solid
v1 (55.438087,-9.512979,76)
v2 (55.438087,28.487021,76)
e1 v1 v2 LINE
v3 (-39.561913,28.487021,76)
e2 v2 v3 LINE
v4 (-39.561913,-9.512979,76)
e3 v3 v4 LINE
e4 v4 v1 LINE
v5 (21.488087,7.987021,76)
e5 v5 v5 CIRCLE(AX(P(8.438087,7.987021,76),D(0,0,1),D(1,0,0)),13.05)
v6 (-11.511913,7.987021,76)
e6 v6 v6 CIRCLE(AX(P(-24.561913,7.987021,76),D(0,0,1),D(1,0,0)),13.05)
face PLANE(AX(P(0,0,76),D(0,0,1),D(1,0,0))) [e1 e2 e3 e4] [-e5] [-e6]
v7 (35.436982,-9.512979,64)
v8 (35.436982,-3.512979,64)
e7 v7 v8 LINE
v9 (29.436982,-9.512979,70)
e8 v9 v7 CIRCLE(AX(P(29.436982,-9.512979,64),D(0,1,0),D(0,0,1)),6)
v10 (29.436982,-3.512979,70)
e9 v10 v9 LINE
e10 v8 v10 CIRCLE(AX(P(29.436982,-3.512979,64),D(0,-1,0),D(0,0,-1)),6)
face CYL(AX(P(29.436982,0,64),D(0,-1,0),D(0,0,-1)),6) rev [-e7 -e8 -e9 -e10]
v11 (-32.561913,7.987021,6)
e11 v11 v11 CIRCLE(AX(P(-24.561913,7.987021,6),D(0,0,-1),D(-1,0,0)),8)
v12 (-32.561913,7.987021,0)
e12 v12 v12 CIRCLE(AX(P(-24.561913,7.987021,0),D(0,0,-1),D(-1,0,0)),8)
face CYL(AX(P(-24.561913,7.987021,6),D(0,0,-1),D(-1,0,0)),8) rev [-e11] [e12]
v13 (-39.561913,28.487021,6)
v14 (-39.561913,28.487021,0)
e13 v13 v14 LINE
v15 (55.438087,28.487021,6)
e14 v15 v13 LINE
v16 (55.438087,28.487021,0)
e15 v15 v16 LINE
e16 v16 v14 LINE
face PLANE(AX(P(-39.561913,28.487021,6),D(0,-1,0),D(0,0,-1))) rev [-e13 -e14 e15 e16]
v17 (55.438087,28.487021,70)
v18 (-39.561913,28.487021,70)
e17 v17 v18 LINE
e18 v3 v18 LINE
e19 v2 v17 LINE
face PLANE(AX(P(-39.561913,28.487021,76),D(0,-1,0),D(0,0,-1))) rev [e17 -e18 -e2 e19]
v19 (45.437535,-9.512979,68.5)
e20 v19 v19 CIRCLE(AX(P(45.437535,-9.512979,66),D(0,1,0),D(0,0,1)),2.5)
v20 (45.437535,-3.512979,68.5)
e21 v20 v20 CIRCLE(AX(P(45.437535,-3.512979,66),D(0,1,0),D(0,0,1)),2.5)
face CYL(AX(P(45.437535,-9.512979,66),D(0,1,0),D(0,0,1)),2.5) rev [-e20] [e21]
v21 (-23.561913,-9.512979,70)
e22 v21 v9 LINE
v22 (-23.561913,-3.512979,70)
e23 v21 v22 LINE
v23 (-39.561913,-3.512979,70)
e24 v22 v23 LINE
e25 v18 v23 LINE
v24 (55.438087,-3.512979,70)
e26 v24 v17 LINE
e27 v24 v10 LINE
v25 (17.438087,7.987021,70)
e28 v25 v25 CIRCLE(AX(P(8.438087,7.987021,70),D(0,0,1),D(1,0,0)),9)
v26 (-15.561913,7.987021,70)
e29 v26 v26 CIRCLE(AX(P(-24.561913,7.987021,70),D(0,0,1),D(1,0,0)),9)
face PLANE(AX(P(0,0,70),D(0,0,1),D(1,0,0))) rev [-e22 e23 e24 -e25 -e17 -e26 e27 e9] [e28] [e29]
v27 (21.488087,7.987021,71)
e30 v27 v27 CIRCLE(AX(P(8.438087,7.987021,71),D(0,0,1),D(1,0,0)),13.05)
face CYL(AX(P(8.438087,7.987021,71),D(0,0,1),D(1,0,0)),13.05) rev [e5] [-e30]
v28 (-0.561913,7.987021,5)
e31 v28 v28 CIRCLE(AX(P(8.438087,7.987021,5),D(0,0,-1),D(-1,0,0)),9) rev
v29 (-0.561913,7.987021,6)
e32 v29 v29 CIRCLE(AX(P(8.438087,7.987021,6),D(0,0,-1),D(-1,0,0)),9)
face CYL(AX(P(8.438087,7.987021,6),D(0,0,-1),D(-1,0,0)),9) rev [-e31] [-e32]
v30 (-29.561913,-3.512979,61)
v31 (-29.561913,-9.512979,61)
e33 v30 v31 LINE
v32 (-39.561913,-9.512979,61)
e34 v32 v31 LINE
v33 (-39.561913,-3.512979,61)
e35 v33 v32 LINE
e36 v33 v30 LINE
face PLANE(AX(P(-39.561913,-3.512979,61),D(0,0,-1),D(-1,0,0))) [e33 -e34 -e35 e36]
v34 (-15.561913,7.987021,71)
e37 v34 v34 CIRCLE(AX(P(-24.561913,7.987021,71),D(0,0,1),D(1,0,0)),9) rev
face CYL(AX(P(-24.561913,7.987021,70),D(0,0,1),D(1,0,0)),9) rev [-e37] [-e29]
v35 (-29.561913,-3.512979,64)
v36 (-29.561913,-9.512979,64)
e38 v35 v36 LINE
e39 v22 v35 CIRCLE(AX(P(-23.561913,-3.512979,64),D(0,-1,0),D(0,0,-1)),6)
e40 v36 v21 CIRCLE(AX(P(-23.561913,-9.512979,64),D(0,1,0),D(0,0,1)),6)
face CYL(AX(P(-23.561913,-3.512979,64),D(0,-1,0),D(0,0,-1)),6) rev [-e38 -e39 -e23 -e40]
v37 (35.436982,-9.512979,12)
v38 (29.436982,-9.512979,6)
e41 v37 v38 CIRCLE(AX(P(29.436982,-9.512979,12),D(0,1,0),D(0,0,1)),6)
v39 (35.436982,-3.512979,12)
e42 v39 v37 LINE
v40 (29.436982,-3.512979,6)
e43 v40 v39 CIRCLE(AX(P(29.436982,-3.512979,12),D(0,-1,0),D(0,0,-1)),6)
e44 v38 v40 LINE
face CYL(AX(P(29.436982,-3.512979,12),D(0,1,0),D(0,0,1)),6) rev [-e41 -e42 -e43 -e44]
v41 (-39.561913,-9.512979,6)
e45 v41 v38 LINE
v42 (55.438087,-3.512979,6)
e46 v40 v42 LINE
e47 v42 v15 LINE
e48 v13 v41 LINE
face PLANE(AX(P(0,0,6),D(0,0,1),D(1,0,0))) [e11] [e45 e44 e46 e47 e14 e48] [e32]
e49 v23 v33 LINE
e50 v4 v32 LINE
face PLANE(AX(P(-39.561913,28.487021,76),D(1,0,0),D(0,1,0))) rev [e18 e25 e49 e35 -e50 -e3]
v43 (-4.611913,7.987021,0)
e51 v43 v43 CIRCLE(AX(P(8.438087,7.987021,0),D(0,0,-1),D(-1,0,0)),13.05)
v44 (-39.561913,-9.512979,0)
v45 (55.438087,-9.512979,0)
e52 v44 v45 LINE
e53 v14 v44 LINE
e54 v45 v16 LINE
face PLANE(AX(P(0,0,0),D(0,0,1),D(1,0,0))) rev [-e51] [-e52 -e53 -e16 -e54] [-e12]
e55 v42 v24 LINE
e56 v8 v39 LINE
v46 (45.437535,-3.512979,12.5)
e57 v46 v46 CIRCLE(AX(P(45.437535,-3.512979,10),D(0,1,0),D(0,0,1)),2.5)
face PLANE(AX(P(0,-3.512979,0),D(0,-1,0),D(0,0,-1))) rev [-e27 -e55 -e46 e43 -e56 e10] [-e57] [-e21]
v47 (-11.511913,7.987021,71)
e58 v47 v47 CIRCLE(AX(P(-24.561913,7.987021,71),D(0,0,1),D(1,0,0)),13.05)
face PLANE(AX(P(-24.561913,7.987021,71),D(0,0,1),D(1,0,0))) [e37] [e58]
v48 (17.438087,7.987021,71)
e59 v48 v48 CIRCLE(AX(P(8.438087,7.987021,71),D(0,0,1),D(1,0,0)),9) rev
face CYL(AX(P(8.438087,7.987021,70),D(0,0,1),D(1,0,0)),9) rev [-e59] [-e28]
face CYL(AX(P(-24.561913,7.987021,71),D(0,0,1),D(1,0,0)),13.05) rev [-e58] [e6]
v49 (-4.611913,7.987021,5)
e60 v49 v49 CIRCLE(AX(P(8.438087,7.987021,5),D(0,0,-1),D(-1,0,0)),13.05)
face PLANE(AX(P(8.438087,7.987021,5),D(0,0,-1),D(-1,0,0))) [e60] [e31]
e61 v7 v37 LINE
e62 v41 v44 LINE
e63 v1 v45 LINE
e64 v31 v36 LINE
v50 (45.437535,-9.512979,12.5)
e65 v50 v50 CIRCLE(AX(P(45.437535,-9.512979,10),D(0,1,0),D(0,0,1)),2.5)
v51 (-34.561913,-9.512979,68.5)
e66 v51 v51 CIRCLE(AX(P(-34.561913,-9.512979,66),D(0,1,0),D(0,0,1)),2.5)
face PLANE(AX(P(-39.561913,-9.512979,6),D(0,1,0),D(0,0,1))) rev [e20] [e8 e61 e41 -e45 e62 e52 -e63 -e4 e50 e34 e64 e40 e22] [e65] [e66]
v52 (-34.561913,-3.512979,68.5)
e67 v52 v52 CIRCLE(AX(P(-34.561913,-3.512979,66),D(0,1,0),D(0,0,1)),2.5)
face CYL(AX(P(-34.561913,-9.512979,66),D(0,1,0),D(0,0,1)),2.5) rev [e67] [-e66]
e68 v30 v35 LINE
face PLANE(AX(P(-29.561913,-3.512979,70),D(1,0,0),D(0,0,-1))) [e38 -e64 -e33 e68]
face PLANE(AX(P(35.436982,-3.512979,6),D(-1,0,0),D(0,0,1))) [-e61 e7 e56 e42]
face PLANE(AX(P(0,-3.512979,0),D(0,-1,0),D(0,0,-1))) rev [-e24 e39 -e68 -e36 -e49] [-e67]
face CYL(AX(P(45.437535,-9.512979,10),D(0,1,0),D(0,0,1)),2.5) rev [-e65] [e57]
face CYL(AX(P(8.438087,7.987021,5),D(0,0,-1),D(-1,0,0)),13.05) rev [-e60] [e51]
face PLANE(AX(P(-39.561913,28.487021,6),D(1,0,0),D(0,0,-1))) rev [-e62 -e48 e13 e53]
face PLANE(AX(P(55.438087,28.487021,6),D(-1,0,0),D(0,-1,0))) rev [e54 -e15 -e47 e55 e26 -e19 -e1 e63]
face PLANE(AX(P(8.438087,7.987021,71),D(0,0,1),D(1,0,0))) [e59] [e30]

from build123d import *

# Parameters (mm, degrees)
SKETCH1_W           = 95
SKETCH1_H           = 38
BOSS_EXTRUDE1_DEPTH = 6
SKETCH2_W           = 95
SKETCH2_H           = 38
BOSS_EXTRUDE2_DEPTH = 6
SKETCH11_W          = 20.001105266
SKETCH11_H          = 64
BOSS_EXTRUDE5_DEPTH = 6
SKETCH13_W          = 10
SKETCH13_H          = 9
BOSS_EXTRUDE7_DEPTH = 6
SKETCH16_R          = 9
CUT_EXTRUDE2_DEPTH  = 6
SKETCH20_R          = 13.05
CUT_EXTRUDE3_DEPTH  = 5
CUT_EXTRUDE4_START  = -6
SKETCH21_R          = 8
SKETCH21_R_2        = 9
CUT_EXTRUDE4_DEPTH  = 6
CUT_EXTRUDE5_START  = -5
SKETCH22_R          = 13.05
CUT_EXTRUDE5_DEPTH  = 5
SKETCH25_R          = 2.5
CUT_EXTRUDE6_DEPTH  = 6
FILLET2_R           = 6


with BuildPart() as part:
    # Sketch1 → Boss-Extrude1 (new body)
    with BuildSketch(Plane.XY):
        with Locations((7.938087136, 9.487020953)):
            Rectangle(SKETCH1_W, SKETCH1_H)
    extrude(amount=BOSS_EXTRUDE1_DEPTH)



with BuildPart() as body_2:
    # Sketch2 → Boss-Extrude2 (new body)
    with BuildSketch(Plane.XY.offset(70)):
        with Locations((7.938087136, 9.487020953)):
            Rectangle(SKETCH2_W, SKETCH2_H)
    extrude(amount=BOSS_EXTRUDE2_DEPTH)


with BuildPart() as part_1:
    add(part.part)

    add(body_2.part)  # Boss-Extrude5 merges body 2
    # Sketch11 → Boss-Extrude5 (add)
    with BuildSketch(Plane(origin=(0, -9.512979047, 0), x_dir=(-1, 0, 0), z_dir=(0, -1, 0))):
        with Locations((-45.437534503, -38)):
            Rectangle(SKETCH11_W, SKETCH11_H)
    extrude(amount=-BOSS_EXTRUDE5_DEPTH)

    # Sketch13 → Boss-Extrude7 (add)
    with BuildSketch(Plane(origin=(0, -9.512979047, 0), x_dir=(-1, 0, 0), z_dir=(0, -1, 0))):
        with Locations((34.561912864, -65.5)):
            Rectangle(SKETCH13_W, SKETCH13_H)
    extrude(amount=-BOSS_EXTRUDE7_DEPTH)

    # Sketch16 → Cut-Extrude2 (cut)
    with BuildSketch(Plane.XY.offset(76)):
        with Locations((-24.561912864, 7.987020953)):
            Circle(SKETCH16_R)
        with Locations((8.438087136, 7.987020953)):
            Circle(SKETCH16_R)
    extrude(amount=-CUT_EXTRUDE2_DEPTH, mode=Mode.SUBTRACT)

    # Sketch20 → Cut-Extrude3 (cut)
    with BuildSketch(Plane.XY.offset(76)):
        with Locations((-24.561912864, 7.987020953)):
            Circle(SKETCH20_R)
        with Locations((8.438087136, 7.987020953)):
            Circle(SKETCH20_R)
    extrude(amount=-CUT_EXTRUDE3_DEPTH, mode=Mode.SUBTRACT)

    # Sketch21 → Cut-Extrude4 (cut)
    with BuildSketch(Plane(origin=(0, 0, 0), x_dir=(-1, 0, 0), z_dir=(0, 0, -1)).offset(CUT_EXTRUDE4_START)):
        with Locations((24.561912864, 7.987020953)):
            Circle(SKETCH21_R)
        with Locations(Location((-8.438087136, 7.987020953, 0), (0, 0, 180))):
            Circle(SKETCH21_R_2)
    extrude(amount=CUT_EXTRUDE4_DEPTH, mode=Mode.SUBTRACT)

    # Sketch22 → Cut-Extrude5 (cut)
    with BuildSketch(Plane(origin=(0, 0, 0), x_dir=(-1, 0, 0), z_dir=(0, 0, -1)).offset(CUT_EXTRUDE5_START)):
        with Locations(Location((-8.438087136, 7.987020953, 0), (0, 0, 180))):
            Circle(SKETCH22_R)
    extrude(amount=CUT_EXTRUDE5_DEPTH, mode=Mode.SUBTRACT)

    # Sketch25 → Cut-Extrude6 (cut)
    with BuildSketch(Plane(origin=(0, -3.512979047, 0), x_dir=(1, 0, 0), z_dir=(0, 1, 0))):
        with Locations(Location((45.437534503, -10, 0), (0, 0, 270))):
            Circle(SKETCH25_R)
        with Locations(Location((45.437534503, -66, 0), (0, 0, 270))):
            Circle(SKETCH25_R)
        with Locations(Location((-34.561912864, -66, 0), (0, 0, 270))):
            Circle(SKETCH25_R)
    extrude(amount=-CUT_EXTRUDE6_DEPTH, mode=Mode.SUBTRACT)

    # Fillet2
    fillet2_edges = [part_1.edges().sort_by_distance(p)[0] for p in [
        (35.43698187, -6.512979047, 6),
        (35.43698187, -6.512979047, 70),
        (-29.561912864, -6.512979047, 70),
    ]]
    fillet(fillet2_edges, radius=FILLET2_R)


solid = part_1.part
